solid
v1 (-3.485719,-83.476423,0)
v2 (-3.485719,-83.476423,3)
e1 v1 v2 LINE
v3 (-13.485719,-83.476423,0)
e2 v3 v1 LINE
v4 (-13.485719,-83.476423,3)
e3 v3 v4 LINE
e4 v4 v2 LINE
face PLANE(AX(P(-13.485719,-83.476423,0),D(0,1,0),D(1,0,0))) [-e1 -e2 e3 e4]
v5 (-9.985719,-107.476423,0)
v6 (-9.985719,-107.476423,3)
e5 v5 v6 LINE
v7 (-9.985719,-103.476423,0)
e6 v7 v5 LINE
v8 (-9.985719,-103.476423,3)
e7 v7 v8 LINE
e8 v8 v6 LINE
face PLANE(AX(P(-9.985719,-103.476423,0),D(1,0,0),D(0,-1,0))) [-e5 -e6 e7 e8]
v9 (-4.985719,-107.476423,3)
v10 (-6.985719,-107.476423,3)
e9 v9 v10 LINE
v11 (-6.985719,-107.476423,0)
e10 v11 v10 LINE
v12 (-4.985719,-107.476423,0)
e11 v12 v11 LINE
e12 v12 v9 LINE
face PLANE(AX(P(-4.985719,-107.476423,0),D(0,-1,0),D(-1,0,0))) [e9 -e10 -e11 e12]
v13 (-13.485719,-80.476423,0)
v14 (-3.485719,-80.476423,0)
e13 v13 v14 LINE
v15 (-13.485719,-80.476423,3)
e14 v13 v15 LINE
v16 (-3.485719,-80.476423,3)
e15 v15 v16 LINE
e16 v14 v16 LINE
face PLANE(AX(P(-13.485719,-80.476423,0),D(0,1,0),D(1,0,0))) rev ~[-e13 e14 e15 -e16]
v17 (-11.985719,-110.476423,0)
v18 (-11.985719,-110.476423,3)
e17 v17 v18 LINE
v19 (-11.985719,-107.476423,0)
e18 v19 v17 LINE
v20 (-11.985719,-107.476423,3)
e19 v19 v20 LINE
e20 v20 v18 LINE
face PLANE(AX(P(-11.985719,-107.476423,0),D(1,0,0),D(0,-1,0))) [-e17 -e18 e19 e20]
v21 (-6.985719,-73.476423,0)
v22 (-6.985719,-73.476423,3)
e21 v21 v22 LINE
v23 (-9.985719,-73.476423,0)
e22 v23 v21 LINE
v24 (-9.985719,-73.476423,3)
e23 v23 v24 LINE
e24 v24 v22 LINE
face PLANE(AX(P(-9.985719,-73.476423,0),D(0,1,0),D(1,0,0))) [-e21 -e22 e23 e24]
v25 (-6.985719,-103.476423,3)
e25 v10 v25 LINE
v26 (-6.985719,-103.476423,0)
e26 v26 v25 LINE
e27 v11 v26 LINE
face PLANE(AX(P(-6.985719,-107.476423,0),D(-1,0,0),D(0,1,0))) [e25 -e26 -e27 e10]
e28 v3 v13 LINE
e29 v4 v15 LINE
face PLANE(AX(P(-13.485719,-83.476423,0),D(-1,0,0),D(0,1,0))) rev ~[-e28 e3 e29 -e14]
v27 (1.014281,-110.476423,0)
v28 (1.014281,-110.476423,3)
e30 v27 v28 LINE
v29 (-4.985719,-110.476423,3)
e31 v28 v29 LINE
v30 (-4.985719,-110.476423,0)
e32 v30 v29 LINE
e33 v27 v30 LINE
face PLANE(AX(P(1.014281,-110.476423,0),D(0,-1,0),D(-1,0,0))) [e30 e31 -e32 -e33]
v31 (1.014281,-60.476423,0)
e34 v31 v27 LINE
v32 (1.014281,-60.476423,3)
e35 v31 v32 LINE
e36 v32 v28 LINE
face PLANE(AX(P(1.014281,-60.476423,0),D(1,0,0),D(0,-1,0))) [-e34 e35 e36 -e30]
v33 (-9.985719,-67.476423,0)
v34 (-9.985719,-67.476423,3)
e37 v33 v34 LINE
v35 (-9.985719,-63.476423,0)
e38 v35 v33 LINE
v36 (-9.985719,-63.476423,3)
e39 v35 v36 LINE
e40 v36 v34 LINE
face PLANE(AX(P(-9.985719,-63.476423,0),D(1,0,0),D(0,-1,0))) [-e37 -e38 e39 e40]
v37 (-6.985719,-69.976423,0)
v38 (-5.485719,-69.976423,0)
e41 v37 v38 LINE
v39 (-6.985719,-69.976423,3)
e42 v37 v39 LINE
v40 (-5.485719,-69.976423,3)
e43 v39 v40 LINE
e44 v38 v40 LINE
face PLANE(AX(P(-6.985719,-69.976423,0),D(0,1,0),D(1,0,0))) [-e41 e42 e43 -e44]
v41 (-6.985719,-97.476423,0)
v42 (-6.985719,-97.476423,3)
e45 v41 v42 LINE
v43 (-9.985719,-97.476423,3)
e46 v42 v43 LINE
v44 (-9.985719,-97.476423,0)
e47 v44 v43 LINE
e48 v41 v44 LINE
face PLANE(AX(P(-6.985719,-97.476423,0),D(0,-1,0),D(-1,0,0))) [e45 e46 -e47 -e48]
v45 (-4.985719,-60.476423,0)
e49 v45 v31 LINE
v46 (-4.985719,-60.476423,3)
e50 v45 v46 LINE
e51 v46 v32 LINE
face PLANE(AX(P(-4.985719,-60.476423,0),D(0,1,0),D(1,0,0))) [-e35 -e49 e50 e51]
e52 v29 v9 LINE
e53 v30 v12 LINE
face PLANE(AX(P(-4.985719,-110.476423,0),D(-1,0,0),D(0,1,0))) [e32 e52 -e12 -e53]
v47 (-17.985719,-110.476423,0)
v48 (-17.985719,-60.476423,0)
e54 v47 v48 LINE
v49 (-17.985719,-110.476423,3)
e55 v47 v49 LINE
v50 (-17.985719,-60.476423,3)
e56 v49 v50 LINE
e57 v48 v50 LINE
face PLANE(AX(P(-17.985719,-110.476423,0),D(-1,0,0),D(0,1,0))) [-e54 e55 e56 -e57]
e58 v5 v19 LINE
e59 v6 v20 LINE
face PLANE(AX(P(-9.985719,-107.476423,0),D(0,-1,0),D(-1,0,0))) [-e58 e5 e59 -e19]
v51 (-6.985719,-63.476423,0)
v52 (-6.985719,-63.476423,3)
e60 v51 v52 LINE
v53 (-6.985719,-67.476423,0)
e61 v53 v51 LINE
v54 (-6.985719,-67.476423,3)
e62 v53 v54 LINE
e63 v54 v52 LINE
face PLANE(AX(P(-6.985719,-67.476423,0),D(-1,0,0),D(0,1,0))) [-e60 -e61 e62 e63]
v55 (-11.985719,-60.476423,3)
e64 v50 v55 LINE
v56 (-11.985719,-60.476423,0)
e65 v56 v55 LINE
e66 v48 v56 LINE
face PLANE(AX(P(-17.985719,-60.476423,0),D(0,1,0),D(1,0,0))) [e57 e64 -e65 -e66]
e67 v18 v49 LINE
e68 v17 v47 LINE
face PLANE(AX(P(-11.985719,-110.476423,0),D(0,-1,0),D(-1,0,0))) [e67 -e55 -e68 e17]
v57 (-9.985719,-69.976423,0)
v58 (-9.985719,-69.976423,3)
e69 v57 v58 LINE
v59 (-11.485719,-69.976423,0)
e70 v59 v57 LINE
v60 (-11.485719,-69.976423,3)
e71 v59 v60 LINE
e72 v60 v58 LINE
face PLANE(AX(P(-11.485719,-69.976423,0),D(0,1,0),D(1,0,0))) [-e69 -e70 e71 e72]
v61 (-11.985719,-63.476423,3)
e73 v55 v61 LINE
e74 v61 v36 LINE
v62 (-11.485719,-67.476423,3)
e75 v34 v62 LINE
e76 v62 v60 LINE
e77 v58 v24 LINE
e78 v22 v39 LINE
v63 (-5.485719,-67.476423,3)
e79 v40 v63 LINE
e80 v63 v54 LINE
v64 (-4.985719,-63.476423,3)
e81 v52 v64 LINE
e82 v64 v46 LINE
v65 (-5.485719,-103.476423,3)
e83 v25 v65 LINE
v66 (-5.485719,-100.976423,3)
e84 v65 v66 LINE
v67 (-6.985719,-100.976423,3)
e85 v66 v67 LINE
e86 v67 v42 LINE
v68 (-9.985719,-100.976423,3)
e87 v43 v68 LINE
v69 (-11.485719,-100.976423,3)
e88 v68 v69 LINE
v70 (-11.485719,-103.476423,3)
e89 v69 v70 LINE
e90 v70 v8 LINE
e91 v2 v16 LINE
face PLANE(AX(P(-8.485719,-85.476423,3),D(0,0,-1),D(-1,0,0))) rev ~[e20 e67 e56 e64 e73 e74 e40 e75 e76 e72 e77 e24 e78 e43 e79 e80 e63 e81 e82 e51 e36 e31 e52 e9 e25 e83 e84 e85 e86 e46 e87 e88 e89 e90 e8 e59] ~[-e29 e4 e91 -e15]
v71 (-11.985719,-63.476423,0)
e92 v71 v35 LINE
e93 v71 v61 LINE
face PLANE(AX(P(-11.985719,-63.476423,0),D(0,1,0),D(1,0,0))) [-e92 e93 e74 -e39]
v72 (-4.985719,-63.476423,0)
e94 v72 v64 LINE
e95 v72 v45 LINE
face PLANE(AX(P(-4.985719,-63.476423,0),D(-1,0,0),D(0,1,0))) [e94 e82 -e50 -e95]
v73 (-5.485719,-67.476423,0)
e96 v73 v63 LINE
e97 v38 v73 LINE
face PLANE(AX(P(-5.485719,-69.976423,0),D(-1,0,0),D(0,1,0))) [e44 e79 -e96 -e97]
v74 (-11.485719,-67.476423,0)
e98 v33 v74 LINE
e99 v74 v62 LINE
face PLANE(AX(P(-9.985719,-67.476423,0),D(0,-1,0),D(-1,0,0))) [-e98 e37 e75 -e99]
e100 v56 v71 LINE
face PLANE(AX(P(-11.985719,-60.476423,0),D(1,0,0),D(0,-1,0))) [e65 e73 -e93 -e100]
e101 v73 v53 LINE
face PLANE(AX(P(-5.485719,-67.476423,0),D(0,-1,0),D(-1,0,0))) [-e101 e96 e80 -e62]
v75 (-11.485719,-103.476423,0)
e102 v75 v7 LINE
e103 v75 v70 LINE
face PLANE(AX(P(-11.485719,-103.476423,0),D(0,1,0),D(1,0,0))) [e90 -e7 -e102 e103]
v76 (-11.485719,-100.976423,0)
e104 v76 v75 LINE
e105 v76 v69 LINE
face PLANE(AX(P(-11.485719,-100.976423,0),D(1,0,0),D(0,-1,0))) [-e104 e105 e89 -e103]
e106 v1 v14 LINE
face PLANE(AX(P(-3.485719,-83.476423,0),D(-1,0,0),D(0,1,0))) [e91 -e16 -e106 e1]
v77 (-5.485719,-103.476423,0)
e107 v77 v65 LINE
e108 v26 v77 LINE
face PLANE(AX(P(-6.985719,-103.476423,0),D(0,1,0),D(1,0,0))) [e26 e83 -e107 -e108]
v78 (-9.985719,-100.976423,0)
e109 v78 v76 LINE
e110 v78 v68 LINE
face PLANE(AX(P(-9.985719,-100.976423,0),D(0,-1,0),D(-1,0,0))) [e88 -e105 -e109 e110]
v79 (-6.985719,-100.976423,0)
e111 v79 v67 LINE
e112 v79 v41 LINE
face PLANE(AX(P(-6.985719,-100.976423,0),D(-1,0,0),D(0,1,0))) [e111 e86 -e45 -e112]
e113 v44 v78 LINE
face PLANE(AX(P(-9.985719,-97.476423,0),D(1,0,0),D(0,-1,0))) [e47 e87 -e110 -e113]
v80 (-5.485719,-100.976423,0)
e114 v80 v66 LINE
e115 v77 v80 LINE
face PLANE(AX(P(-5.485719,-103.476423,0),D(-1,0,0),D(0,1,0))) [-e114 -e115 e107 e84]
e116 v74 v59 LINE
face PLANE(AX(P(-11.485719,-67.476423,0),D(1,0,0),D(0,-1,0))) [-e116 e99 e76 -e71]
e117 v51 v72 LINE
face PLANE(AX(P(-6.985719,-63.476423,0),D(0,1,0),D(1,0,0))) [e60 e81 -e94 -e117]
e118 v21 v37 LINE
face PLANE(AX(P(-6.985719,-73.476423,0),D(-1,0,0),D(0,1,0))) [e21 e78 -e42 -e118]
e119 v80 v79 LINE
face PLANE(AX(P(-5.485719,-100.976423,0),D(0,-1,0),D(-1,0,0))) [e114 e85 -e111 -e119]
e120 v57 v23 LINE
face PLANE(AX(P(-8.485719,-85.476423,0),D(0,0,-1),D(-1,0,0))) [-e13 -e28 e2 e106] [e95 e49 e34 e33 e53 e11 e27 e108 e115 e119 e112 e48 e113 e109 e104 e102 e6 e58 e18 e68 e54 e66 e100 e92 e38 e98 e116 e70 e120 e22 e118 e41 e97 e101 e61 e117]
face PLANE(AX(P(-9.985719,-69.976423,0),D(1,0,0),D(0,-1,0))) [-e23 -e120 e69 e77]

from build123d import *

# Parameters (mm, degrees)
ESQUISSE10_W        = 10
ESQUISSE10_H        = 3
BOSS_EXTRU_10_DEPTH = 3


with BuildPart() as part:
    # Esquisse10 → Boss.-Extru.10 (new body)
    with BuildSketch(Plane.XY):
        Polygon((-4.985718963, -60.476422657), (1.014281037, -60.476422657), (1.014281037, -110.476422657), (-4.985718963, -110.476422657), (-4.985718963, -107.476422657), (-6.985718963, -107.476422657), (-6.985718963, -103.476422657), (-5.485718963, -103.476422657), (-5.485718963, -100.976422657), (-6.985718963, -100.976422657), (-6.985718963, -97.476422657), (-9.985718963, -97.476422657), (-9.985718963, -100.976422657), (-11.485718963, -100.976422657), (-11.485718963, -103.476422657), (-9.985718963, -103.476422657), (-9.985718963, -107.476422657), (-11.985718963, -107.476422657), (-11.985718963, -110.476422657), (-17.985718963, -110.476422657), (-17.985718963, -60.476422657), (-11.985718963, -60.476422657), (-11.985718963, -63.476422657), (-9.985718963, -63.476422657), (-9.985718963, -67.476422657), (-11.485718963, -67.476422657), (-11.485718963, -69.976422657), (-9.985718963, -69.976422657), (-9.985718963, -73.476422657), (-6.985718963, -73.476422657), (-6.985718963, -69.976422657), (-5.485718963, -69.976422657), (-5.485718963, -67.476422657), (-6.985718963, -67.476422657), (-6.985718963, -63.476422657), (-4.985718963, -63.476422657), align=None)
        with Locations((-8.485718963, -81.976422657)):
            Rectangle(ESQUISSE10_W, ESQUISSE10_H, mode=Mode.SUBTRACT)
    extrude(amount=BOSS_EXTRU_10_DEPTH)


solid = part.part
